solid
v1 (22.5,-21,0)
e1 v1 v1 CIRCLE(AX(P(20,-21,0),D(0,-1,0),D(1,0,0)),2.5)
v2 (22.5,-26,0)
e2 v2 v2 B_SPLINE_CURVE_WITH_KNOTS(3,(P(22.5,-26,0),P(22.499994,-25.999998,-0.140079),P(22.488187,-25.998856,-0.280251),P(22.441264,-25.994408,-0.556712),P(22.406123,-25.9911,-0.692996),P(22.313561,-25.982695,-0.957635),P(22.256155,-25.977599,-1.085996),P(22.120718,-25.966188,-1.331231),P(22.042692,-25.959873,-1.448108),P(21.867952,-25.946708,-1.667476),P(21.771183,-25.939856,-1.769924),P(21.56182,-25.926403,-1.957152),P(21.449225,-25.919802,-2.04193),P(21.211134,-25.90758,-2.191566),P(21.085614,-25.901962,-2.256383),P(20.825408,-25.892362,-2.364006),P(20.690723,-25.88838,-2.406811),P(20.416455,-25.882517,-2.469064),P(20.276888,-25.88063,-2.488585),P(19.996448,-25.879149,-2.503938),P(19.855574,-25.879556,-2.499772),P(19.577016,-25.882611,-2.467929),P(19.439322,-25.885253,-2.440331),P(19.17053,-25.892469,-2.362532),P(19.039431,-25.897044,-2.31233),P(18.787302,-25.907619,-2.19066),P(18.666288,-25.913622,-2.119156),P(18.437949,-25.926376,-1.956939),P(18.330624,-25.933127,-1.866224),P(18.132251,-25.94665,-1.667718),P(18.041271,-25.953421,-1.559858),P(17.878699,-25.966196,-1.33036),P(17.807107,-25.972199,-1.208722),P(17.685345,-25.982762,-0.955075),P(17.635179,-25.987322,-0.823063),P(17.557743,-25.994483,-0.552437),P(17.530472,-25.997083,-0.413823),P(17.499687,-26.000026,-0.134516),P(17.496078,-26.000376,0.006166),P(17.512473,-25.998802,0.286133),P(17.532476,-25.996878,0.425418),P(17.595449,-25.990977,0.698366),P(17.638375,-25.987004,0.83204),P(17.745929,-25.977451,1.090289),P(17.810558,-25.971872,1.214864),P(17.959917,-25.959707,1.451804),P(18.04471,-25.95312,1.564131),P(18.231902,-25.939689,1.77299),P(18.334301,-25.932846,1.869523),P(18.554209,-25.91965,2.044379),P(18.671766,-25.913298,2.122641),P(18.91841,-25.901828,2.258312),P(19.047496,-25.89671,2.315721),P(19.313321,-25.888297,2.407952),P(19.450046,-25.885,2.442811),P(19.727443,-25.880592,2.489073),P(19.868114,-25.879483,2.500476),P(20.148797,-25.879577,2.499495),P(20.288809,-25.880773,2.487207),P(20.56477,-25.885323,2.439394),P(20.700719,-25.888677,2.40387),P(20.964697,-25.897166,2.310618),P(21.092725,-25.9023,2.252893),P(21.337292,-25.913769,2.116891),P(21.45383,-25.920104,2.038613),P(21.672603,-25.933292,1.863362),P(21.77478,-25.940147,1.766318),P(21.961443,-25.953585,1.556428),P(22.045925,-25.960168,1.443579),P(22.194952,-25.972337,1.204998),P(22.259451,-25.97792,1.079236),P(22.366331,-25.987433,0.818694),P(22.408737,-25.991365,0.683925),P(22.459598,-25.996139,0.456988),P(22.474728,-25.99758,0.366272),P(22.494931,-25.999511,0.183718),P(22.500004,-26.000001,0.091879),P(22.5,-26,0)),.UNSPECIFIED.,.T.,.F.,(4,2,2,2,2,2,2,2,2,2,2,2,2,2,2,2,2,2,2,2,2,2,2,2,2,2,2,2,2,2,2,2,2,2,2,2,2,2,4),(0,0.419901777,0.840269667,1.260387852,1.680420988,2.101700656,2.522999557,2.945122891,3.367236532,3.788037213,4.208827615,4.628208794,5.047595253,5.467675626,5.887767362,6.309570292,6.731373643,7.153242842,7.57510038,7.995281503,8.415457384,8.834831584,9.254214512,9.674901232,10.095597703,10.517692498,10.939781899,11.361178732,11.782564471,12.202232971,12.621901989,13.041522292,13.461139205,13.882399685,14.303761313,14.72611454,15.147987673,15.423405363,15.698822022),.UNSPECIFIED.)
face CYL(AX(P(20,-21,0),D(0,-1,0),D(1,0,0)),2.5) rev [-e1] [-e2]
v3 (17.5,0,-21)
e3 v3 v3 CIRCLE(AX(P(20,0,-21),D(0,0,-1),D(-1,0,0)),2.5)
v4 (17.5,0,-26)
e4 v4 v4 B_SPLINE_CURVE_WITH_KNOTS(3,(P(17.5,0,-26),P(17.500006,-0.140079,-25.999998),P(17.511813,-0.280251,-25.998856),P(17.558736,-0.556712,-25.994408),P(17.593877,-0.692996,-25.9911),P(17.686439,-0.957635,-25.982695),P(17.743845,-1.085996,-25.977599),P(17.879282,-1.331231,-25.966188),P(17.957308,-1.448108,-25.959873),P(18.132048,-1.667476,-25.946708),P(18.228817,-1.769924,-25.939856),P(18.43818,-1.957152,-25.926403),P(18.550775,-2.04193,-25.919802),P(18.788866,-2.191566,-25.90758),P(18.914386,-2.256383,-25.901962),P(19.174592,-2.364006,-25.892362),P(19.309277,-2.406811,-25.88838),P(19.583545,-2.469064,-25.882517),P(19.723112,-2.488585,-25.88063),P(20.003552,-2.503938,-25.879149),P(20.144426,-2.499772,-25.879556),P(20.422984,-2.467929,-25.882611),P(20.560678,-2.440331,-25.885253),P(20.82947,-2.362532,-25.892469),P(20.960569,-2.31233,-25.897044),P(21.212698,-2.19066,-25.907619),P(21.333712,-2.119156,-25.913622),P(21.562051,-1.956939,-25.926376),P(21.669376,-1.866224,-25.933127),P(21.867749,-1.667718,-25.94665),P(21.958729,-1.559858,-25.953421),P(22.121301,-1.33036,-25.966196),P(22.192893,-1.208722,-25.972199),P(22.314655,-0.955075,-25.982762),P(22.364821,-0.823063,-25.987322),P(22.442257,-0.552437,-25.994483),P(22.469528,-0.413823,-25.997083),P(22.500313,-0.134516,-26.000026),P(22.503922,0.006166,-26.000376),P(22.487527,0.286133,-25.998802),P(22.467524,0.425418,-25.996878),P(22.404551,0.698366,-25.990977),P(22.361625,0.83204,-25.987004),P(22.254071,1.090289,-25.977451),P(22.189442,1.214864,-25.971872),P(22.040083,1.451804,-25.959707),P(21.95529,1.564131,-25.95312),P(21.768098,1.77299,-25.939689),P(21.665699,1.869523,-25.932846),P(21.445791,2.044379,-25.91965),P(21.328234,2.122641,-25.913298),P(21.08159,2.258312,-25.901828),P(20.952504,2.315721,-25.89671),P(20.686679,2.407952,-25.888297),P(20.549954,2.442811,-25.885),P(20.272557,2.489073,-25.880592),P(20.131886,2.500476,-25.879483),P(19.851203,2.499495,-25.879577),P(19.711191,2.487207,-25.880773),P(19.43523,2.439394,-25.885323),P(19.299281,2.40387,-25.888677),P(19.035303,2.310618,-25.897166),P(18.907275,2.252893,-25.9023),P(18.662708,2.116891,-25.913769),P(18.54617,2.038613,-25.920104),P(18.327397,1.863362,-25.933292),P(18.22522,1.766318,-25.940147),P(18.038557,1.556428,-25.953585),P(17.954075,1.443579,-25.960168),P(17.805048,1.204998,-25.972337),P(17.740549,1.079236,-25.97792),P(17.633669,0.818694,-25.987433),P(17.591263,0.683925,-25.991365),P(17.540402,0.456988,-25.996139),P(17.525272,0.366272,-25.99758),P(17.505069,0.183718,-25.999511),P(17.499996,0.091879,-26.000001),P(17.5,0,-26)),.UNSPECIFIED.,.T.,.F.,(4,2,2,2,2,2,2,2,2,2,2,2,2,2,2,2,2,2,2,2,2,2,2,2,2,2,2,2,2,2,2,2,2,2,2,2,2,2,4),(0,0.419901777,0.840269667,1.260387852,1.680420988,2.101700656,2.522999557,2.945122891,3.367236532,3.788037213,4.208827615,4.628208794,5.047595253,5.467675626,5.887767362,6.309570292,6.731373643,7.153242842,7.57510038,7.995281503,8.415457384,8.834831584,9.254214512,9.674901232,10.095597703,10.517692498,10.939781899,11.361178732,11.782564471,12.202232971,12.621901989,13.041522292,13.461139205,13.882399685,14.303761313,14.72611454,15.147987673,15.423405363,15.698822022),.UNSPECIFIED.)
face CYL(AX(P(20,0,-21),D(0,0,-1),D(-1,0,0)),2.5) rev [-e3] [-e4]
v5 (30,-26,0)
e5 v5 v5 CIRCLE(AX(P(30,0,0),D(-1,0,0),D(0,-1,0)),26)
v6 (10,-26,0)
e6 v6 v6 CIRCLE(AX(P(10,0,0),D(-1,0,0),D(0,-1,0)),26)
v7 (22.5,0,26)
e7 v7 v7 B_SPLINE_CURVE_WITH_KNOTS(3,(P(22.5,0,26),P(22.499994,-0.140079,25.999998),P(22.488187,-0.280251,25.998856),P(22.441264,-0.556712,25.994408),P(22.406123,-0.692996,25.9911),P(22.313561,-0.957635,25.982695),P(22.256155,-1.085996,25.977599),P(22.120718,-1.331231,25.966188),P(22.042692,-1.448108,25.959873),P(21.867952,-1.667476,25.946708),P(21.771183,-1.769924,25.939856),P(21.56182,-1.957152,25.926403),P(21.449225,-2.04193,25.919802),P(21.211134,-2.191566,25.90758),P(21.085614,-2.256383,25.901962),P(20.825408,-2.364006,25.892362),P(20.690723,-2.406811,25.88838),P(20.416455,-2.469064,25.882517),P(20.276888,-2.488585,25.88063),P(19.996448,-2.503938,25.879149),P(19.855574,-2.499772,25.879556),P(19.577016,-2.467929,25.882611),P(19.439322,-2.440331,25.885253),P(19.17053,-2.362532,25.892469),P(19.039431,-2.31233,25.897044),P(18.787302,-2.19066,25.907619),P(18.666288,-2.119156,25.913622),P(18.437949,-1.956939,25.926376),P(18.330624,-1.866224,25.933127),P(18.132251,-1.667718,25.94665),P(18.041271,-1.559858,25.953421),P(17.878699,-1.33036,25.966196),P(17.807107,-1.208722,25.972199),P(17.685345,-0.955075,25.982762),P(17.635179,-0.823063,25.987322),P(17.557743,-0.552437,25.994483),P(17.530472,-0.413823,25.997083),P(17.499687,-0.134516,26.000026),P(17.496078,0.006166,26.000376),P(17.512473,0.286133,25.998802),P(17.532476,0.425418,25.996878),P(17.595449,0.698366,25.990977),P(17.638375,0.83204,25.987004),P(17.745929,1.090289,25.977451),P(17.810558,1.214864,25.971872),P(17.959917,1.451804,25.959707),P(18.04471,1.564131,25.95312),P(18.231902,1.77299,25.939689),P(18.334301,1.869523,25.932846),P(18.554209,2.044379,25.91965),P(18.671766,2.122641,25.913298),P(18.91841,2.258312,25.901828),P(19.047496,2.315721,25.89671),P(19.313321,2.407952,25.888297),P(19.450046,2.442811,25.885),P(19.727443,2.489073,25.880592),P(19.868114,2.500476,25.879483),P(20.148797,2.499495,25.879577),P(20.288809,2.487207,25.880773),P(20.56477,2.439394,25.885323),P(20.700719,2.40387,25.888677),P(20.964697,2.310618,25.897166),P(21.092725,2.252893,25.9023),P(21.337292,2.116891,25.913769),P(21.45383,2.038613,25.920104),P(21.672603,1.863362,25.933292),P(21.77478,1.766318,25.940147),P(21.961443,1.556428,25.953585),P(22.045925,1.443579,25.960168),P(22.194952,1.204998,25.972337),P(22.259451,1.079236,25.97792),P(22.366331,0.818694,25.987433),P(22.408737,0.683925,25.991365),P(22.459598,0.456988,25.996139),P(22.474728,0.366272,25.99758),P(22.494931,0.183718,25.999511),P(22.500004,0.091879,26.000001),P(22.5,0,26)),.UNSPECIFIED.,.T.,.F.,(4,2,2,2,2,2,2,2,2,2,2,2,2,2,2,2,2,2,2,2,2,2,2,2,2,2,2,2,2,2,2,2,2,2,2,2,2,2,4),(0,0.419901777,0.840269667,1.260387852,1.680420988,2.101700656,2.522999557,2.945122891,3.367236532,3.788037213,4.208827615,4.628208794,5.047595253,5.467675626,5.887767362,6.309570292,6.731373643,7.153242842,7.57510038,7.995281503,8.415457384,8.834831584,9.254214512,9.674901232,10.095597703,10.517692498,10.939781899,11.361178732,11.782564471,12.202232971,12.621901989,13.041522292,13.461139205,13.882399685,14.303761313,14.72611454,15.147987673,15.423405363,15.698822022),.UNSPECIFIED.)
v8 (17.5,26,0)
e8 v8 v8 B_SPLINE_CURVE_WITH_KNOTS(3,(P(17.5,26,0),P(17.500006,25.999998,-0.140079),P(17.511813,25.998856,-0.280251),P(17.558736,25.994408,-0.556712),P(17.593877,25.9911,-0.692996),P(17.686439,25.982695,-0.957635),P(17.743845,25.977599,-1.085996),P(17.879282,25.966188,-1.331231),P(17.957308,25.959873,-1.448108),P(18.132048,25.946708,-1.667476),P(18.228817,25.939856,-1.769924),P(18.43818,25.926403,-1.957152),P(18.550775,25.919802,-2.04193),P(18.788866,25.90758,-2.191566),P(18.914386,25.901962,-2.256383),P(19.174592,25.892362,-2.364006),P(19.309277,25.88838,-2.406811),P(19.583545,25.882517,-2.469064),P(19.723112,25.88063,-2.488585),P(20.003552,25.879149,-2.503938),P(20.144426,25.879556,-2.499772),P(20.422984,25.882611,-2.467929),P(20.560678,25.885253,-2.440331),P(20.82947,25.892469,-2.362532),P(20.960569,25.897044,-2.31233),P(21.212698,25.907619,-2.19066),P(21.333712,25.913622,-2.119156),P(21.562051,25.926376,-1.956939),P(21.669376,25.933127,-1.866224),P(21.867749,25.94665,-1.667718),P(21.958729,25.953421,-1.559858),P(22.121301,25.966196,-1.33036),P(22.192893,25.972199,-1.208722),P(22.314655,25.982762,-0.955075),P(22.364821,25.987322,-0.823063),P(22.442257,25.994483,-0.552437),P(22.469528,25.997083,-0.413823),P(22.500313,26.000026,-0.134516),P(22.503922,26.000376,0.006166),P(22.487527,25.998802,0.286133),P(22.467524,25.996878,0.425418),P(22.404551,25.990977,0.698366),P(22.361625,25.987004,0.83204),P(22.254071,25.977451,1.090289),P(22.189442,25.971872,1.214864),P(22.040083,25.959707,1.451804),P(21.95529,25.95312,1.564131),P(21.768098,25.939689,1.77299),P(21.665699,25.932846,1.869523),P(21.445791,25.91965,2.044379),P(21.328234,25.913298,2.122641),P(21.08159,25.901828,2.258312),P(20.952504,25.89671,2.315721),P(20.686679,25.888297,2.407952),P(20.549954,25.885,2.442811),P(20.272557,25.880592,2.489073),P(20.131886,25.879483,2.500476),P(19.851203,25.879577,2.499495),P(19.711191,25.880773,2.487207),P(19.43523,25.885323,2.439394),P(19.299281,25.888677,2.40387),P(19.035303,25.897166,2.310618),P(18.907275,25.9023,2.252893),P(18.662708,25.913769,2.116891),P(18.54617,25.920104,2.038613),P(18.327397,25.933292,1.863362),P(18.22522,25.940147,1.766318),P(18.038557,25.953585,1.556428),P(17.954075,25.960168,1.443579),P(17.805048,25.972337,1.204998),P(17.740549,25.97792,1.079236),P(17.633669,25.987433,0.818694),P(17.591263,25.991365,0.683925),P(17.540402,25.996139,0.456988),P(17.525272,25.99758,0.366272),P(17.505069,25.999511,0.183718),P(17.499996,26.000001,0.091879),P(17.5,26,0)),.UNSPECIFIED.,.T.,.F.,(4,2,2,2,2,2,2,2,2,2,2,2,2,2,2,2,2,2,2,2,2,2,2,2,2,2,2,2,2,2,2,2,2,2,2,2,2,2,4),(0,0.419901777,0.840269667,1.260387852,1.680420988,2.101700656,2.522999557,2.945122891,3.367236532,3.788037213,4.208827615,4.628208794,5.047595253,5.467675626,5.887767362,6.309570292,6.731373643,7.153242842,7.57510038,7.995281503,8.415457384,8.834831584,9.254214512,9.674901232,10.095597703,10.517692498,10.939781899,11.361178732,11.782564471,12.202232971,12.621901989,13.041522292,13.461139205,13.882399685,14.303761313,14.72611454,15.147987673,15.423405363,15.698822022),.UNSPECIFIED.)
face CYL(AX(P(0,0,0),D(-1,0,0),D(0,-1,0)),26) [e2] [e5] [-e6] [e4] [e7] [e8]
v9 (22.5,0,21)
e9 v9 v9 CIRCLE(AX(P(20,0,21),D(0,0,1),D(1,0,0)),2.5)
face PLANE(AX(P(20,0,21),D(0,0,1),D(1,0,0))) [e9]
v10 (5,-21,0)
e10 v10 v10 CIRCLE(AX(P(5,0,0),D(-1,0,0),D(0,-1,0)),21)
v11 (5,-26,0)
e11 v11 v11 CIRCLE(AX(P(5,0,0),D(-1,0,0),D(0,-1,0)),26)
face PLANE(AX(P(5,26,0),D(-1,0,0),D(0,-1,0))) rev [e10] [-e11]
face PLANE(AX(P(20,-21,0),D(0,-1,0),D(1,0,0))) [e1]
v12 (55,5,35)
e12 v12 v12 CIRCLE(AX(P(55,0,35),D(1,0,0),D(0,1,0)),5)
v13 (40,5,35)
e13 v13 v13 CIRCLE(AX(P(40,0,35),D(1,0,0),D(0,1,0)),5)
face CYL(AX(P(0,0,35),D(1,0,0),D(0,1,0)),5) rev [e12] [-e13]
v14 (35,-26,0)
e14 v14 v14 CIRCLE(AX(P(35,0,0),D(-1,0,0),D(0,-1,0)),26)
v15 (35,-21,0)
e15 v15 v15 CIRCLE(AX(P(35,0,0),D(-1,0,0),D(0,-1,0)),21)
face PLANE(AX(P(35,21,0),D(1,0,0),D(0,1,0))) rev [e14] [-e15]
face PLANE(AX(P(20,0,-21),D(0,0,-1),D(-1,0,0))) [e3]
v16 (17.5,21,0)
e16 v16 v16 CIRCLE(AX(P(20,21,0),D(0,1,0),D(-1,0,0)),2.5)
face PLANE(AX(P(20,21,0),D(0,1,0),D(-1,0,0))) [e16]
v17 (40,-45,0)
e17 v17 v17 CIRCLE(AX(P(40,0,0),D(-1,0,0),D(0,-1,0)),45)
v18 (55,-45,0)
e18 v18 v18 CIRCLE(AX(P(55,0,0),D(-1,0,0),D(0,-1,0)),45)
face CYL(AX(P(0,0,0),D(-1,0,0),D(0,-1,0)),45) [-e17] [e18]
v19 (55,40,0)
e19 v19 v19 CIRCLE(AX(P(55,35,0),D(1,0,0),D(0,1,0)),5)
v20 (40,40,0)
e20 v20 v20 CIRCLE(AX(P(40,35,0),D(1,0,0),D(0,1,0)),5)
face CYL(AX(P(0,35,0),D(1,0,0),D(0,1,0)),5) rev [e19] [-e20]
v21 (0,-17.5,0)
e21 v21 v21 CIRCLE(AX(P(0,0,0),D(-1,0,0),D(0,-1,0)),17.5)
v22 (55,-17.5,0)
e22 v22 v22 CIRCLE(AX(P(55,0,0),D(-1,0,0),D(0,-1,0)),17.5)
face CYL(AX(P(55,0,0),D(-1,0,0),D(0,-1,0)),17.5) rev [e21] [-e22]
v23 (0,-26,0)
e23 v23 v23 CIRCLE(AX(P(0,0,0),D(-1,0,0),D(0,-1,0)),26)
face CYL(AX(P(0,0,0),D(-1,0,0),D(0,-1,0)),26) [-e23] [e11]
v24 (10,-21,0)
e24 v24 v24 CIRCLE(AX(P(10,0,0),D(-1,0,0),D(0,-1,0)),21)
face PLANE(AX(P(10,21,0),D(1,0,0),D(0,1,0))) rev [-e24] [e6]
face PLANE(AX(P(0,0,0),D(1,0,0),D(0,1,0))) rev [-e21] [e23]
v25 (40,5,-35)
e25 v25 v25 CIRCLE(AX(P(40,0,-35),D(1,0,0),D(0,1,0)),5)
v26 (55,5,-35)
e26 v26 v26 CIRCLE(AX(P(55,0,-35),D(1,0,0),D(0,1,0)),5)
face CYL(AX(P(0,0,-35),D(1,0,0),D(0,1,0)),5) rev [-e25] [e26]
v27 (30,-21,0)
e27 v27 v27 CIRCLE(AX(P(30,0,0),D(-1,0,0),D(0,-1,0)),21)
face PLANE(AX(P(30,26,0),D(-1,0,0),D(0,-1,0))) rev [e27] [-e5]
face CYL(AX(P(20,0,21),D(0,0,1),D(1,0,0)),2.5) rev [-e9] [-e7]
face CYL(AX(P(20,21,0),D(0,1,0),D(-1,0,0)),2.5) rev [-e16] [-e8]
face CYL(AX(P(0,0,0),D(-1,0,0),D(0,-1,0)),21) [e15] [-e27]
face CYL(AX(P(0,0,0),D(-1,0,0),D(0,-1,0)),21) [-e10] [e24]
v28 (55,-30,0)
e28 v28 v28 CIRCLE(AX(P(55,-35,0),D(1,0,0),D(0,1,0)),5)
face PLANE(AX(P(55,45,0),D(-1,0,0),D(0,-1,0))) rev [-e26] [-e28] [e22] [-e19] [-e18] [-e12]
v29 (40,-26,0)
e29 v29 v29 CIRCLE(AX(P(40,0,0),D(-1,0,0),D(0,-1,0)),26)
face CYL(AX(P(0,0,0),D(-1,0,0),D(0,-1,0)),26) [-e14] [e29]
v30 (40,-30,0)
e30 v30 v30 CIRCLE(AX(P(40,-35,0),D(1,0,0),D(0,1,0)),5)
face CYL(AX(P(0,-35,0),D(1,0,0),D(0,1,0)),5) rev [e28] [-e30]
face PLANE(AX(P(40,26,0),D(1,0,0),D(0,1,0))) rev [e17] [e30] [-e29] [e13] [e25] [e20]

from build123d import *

# Parameters (mm, degrees)
SKETCH2_R          = 17.5
CUT_EXTRUDE1_DEPTH = 85.113019206
SKETCH3_R          = 5
CUT_EXTRUDE2_DEPTH = 85.113019206
SKETCH4_R          = 2.5
CUT_EXTRUDE3_DEPTH = 5
SKETCH5_R          = 2.5
CUT_EXTRUDE4_DEPTH = 5
CUT_EXTRUDE5_START = -5
SKETCH6_R          = 2.5
CUT_EXTRUDE5_DEPTH = 5
CUT_EXTRUDE6_START = -5
SKETCH8_R          = 2.5
CUT_EXTRUDE6_DEPTH = 5


with BuildPart() as part:
    # Sketch1 → Revolve1 (revolve)
    with BuildSketch(Plane.XY):
        Polygon((0, 0), (0, 26), (5, 26), (5, 21), (10, 21), (10, 26), (30, 26), (30, 21), (35, 21), (35, 26), (40, 26), (40, 45), (55, 45), (55, 0), align=None)
    revolve(axis=Axis((0, 0, 0), (1, 0, 0)))

    # Sketch2 → Cut-Extrude1 (cut, through all)
    with BuildSketch(Plane.ZY):
        Circle(SKETCH2_R)
    extrude(amount=-CUT_EXTRUDE1_DEPTH, mode=Mode.SUBTRACT)

    # Sketch3 → Cut-Extrude2 (cut, through all)
    with BuildSketch(Plane(origin=(55, 0, 0), x_dir=(0, 0, -1), z_dir=(1, 0, 0))):
        with Locations((-35, 0)):
            Circle(SKETCH3_R)
        with Locations((0, 35)):
            Circle(SKETCH3_R)
        with Locations((35, 0)):
            Circle(SKETCH3_R)
        with Locations((0, -35)):
            Circle(SKETCH3_R)
    extrude(amount=-CUT_EXTRUDE2_DEPTH, mode=Mode.SUBTRACT)

    # Sketch4 → Cut-Extrude3 (cut)
    with BuildSketch(Plane(origin=(0, 26, 0), x_dir=(1, 0, 0), z_dir=(0, 1, 0))):
        with Locations((20, 0)):
            Circle(SKETCH4_R)
    extrude(amount=-CUT_EXTRUDE3_DEPTH, mode=Mode.SUBTRACT)

    # Sketch5 → Cut-Extrude4 (cut)
    with BuildSketch(Plane.XY.offset(26)):
        with Locations((20, 0)):
            Circle(SKETCH5_R)
    extrude(amount=-CUT_EXTRUDE4_DEPTH, mode=Mode.SUBTRACT)

    # Sketch6 → Cut-Extrude5 (cut)
    with BuildSketch(Plane(origin=(0, -26, 0), x_dir=(-1, 0, 0), z_dir=(0, -1, 0)).offset(CUT_EXTRUDE5_START)):
        with Locations((-20, 0)):
            Circle(SKETCH6_R)
    extrude(amount=CUT_EXTRUDE5_DEPTH, mode=Mode.SUBTRACT)

    # Sketch8 → Cut-Extrude6 (cut)
    with BuildSketch(Plane(origin=(0, 0, -26), x_dir=(-1, 0, 0), z_dir=(0, 0, -1)).offset(CUT_EXTRUDE6_START)):
        with Locations((-20, 0)):
            Circle(SKETCH8_R)
    extrude(amount=CUT_EXTRUDE6_DEPTH, mode=Mode.SUBTRACT)


solid = part.part
